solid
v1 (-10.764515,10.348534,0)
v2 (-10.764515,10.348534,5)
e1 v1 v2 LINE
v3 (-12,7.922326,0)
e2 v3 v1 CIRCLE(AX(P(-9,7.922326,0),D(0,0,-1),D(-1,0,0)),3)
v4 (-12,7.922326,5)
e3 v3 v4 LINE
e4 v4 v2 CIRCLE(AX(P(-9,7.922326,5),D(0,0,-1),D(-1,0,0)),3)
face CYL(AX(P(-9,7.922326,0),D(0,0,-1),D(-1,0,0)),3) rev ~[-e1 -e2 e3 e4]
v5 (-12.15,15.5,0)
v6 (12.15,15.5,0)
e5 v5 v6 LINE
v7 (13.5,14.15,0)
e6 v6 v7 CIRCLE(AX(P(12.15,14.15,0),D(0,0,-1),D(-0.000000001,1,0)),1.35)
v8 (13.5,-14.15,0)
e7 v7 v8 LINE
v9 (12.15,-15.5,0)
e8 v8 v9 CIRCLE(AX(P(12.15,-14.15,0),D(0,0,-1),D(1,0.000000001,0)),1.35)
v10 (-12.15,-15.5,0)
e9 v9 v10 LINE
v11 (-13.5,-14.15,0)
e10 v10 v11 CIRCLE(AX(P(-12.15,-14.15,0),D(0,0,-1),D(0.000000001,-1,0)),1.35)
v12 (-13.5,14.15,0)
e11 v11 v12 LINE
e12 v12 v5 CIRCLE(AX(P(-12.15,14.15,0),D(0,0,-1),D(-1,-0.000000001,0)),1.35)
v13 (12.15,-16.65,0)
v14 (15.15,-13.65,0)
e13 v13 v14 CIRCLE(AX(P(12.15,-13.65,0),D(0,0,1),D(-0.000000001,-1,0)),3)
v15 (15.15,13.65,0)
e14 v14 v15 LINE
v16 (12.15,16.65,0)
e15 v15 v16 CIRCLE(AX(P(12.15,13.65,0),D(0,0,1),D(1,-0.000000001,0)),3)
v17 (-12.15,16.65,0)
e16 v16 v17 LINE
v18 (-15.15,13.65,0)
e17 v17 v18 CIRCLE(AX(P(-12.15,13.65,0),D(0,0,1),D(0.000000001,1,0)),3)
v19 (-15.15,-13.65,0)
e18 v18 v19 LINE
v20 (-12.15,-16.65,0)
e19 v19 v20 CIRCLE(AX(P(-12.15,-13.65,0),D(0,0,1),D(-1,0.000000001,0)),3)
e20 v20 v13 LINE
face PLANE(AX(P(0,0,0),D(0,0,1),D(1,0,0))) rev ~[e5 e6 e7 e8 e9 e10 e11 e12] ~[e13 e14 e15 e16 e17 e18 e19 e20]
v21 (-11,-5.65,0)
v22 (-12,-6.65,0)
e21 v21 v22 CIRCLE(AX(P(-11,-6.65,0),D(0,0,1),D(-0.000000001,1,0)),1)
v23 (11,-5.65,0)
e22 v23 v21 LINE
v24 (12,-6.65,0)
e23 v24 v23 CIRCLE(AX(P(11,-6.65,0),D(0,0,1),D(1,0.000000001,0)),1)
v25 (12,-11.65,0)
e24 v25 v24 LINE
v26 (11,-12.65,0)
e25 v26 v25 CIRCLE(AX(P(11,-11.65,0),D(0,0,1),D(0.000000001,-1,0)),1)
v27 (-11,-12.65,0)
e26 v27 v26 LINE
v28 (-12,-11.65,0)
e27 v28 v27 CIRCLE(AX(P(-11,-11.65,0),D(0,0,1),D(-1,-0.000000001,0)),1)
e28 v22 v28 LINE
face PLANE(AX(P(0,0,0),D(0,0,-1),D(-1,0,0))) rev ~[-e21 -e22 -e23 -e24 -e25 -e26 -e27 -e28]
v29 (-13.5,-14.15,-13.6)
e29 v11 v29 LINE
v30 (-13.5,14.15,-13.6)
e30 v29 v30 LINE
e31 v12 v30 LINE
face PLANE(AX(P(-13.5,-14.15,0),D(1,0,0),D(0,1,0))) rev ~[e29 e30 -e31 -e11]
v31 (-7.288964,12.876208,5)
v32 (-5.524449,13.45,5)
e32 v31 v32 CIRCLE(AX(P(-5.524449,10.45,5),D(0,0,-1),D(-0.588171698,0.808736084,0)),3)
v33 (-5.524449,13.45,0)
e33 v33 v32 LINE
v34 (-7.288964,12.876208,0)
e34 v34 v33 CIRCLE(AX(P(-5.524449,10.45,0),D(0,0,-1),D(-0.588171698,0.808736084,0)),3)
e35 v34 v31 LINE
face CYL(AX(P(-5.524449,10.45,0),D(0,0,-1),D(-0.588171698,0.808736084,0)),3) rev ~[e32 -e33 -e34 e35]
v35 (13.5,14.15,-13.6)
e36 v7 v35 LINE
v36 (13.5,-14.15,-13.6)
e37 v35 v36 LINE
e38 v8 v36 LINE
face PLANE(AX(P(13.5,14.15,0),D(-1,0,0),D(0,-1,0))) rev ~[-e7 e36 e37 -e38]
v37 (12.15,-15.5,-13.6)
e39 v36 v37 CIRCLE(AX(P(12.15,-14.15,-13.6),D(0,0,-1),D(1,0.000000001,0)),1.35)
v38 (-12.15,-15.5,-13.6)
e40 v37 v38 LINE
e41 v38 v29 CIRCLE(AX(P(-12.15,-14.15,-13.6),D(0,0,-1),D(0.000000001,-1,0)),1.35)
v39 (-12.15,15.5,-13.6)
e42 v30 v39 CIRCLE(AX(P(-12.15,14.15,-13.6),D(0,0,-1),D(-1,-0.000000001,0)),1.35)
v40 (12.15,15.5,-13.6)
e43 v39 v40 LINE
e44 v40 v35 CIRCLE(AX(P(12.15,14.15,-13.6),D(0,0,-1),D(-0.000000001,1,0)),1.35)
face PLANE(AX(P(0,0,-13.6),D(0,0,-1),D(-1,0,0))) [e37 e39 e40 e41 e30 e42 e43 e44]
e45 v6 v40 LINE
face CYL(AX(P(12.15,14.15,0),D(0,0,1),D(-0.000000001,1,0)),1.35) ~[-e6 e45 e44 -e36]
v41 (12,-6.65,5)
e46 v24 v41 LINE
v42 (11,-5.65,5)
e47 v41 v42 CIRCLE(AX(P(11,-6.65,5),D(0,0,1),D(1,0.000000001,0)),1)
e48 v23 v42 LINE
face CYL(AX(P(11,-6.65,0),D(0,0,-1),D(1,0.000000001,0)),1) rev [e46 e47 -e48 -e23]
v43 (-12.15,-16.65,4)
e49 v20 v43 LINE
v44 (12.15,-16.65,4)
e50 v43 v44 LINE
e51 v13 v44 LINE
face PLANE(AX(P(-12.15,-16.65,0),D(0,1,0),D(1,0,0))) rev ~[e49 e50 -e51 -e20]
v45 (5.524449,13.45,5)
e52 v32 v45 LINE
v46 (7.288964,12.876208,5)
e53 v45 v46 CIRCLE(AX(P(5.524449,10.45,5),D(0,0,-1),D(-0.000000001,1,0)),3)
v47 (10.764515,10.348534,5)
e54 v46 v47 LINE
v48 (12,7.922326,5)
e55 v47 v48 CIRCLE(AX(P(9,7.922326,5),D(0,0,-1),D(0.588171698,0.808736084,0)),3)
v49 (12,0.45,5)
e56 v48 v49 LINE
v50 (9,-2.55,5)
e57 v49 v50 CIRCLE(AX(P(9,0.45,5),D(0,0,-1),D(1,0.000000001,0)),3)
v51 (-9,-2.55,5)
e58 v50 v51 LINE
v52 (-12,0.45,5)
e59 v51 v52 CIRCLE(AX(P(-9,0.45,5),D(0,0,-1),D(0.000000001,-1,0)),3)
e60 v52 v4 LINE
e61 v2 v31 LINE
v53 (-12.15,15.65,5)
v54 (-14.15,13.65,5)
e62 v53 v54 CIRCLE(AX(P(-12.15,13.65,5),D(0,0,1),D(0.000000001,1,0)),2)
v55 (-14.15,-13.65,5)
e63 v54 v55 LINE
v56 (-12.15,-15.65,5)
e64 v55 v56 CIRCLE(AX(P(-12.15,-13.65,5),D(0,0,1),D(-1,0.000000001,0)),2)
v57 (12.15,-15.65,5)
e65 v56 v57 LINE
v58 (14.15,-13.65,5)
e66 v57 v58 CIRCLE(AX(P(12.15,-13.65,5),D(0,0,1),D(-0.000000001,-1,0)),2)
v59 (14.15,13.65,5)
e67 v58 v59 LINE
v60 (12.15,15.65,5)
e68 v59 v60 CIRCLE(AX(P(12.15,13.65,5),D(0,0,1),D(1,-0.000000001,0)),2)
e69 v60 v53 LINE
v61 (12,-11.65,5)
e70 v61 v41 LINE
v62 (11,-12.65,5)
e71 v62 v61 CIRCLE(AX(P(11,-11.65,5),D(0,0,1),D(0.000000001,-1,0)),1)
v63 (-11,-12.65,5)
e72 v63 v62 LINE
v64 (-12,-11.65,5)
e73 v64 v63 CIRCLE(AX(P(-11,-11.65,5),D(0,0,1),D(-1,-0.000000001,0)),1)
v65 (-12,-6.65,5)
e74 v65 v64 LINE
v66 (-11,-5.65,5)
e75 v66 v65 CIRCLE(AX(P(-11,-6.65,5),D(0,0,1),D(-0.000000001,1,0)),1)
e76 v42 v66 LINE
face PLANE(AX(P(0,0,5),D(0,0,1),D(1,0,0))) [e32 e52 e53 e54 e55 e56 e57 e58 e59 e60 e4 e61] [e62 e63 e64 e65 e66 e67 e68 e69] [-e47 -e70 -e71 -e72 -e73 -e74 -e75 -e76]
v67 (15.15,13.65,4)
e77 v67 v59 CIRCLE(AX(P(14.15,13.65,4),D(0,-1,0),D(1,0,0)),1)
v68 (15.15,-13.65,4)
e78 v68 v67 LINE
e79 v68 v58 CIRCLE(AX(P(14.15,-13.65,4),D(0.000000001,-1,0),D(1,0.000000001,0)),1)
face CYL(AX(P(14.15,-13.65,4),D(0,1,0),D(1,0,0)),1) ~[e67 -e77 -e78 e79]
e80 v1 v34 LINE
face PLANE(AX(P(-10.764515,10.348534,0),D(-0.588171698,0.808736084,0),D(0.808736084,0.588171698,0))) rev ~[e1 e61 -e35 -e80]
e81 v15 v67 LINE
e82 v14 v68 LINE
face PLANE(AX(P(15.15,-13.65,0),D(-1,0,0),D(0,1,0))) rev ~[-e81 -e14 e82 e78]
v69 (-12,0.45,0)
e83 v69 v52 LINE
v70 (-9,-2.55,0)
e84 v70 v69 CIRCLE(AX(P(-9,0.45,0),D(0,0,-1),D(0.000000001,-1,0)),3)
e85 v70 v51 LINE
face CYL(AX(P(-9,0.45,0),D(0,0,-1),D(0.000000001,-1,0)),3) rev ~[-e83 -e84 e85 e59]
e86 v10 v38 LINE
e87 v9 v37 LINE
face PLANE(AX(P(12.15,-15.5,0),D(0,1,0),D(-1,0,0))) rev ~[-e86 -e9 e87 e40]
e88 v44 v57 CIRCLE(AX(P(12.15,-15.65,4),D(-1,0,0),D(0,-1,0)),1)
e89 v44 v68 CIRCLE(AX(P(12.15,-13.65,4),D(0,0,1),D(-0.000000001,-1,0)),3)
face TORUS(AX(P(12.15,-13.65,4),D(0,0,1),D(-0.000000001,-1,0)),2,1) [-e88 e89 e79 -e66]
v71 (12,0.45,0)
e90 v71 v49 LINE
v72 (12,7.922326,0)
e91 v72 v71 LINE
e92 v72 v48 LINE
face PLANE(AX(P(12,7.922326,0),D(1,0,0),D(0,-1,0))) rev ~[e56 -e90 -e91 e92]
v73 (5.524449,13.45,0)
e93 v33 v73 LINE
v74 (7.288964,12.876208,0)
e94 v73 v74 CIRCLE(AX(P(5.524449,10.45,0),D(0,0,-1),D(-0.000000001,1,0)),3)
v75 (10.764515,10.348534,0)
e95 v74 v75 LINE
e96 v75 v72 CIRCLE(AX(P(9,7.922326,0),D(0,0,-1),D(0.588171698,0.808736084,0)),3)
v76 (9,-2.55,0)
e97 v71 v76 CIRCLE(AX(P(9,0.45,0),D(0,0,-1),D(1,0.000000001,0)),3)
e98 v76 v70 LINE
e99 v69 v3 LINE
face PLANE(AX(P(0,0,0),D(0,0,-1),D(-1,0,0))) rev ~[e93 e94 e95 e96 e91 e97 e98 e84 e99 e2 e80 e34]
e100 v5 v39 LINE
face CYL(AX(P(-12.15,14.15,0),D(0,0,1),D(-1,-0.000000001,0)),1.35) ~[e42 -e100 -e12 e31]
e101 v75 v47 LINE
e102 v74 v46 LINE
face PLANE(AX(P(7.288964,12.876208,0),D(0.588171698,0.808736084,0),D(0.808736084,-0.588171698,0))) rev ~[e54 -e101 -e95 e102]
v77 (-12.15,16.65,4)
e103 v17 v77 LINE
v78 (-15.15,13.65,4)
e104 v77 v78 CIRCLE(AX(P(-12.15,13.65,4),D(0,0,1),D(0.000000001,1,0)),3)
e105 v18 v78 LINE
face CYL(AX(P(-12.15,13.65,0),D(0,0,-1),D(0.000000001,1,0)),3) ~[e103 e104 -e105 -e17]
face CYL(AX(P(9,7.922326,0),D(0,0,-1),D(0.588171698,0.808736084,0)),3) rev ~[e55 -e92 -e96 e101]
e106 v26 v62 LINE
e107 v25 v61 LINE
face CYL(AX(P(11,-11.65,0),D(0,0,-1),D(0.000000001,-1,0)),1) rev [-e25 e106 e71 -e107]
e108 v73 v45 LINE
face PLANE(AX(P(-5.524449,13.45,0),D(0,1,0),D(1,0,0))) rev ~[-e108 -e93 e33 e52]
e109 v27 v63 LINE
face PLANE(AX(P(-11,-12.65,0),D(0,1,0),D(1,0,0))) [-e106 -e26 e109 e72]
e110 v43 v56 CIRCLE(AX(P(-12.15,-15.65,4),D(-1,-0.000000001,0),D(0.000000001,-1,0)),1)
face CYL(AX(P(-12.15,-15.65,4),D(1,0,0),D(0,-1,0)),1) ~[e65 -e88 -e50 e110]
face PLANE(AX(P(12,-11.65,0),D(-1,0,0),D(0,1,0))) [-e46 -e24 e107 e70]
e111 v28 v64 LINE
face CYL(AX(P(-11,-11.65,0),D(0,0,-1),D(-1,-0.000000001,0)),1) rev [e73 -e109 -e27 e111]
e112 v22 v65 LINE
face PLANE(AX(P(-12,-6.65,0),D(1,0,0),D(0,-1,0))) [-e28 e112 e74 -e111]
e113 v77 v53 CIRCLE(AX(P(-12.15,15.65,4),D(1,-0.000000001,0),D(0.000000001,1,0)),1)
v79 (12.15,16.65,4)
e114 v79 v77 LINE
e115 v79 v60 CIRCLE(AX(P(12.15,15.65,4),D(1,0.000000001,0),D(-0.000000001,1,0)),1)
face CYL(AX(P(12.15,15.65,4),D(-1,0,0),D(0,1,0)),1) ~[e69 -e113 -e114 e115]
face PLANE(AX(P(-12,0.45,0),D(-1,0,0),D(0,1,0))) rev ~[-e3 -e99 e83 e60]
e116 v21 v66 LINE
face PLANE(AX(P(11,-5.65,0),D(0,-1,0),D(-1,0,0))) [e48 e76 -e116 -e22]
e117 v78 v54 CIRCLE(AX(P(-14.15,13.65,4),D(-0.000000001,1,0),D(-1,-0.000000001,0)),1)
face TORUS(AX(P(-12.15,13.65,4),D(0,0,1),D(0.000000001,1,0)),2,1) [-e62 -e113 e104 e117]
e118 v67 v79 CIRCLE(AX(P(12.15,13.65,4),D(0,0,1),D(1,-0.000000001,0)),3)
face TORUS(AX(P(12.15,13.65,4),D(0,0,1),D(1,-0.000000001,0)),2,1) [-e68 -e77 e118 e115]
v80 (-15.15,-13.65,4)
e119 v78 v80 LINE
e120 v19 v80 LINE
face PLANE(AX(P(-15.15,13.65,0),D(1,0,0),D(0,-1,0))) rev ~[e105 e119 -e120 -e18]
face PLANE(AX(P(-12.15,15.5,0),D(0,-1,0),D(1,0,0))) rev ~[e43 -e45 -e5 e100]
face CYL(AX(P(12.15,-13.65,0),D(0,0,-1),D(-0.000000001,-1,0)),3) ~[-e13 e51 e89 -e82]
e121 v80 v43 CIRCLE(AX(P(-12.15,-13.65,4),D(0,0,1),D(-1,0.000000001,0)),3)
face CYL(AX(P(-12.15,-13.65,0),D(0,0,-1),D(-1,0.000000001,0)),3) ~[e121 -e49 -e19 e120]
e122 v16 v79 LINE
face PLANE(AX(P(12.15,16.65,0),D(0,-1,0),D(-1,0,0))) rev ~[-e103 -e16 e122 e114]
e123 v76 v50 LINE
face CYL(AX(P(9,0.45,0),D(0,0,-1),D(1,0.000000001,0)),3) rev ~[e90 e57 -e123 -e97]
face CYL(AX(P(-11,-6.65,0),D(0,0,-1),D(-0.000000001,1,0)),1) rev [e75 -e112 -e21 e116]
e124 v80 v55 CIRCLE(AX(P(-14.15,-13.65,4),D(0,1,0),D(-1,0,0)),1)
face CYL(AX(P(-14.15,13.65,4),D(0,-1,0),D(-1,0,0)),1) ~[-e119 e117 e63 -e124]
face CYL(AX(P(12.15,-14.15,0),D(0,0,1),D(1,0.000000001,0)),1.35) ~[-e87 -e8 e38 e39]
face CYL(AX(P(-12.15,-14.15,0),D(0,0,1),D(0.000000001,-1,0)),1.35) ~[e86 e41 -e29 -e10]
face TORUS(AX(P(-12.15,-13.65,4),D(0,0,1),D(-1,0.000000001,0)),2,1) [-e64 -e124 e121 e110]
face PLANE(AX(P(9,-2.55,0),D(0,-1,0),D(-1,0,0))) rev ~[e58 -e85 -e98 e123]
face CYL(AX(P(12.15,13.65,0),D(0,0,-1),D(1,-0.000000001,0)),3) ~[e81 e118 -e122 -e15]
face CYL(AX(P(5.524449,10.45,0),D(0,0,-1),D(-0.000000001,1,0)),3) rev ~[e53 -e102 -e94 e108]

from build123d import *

# Parameters (mm, degrees)
BOSS_EXTRUDE1_DEPTH = 5
FILLET3_R           = 1
BOSS_EXTRUDE2_DEPTH = 13.6


with BuildPart() as part:
    # Sketch1 → Boss-Extrude1 (new body)
    with BuildSketch(Plane.XY):
        with BuildLine():
            Line((-12.15, -16.65), (12.15, -16.65))
            ThreePointArc((12.15, -16.65), (14.271320344, -15.771320344), (15.15, -13.65))
            Line((15.15, -13.65), (15.15, 13.65))
            ThreePointArc((15.15, 13.65), (14.271320344, 15.771320344), (12.15, 16.65))
            Line((12.15, 16.65), (-12.15, 16.65))
            ThreePointArc((-12.15, 16.65), (-14.271320344, 15.771320344), (-15.15, 13.65))
            Line((-15.15, 13.65), (-15.15, -13.65))
            ThreePointArc((-15.15, -13.65), (-14.271320344, -15.771320344), (-12.15, -16.65))
        make_face()
        with BuildLine():
            Line((-5.524448559, 13.45), (5.524448559, 13.45))
            ThreePointArc((5.524448559, 13.45), (6.452181075, 13.302948016), (7.288963652, 12.876208253))
            Line((7.288963652, 12.876208253), (10.764515093, 10.348534478))
            ThreePointArc((10.764515093, 10.348534478), (11.673344841, 9.28365916), (12, 7.922326225))
            Line((12, 7.922326225), (12, 0.45))
            ThreePointArc((12, 0.45), (11.121320344, -1.671320344), (9, -2.55))
            Line((9, -2.55), (-9, -2.55))
            ThreePointArc((-9, -2.55), (-11.121320344, -1.671320344), (-12, 0.45))
            Line((-12, 0.45), (-12, 7.922326225))
            ThreePointArc((-12, 7.922326225), (-11.673344841, 9.28365916), (-10.764515093, 10.348534478))
            Line((-10.764515093, 10.348534478), (-7.288963652, 12.876208253))
            ThreePointArc((-7.288963652, 12.876208253), (-6.452181075, 13.302948016), (-5.524448559, 13.45))
        make_face(mode=Mode.SUBTRACT)
        with BuildLine():
            Line((-12, -6.65), (-12, -11.65))
            ThreePointArc((-12, -11.65), (-11.707106781, -12.357106781), (-11, -12.65))
            Line((-11, -12.65), (11, -12.65))
            ThreePointArc((11, -12.65), (11.707106781, -12.357106781), (12, -11.65))
            Line((12, -11.65), (12, -6.65))
            ThreePointArc((12, -6.65), (11.707106781, -5.942893219), (11, -5.65))
            Line((11, -5.65), (-11, -5.65))
            ThreePointArc((-11, -5.65), (-11.707106781, -5.942893219), (-12, -6.65))
        make_face(mode=Mode.SUBTRACT)
    extrude(amount=BOSS_EXTRUDE1_DEPTH)

    # Fillet3
    fillet3_edges = [part.edges().sort_by_distance(p)[0] for p in [
        (-14.271320344, 15.771320344, 5),
        (-15.15, 0, 5),
        (-14.271320344, -15.771320344, 5),
        (0, -16.65, 5),
        (14.271320344, -15.771320344, 5),
        (15.15, 0, 5),
        (14.271320344, 15.771320344, 5),
        (0, 16.65, 5),
    ]]
    fillet(fillet3_edges, radius=FILLET3_R)

    # Sketch3 → Boss-Extrude2 (add)
    with BuildSketch(Plane(origin=(0, 0, 0), x_dir=(-1, 0, 0), z_dir=(0, 0, -1))):
        with BuildLine():
            Line((-13.5, 14.15), (-13.5, -14.15))
            ThreePointArc((-13.5, -14.15), (-13.104594155, -15.104594155), (-12.15, -15.5))
            Line((-12.15, -15.5), (12.15, -15.5))
            ThreePointArc((12.15, -15.5), (13.104594155, -15.104594155), (13.5, -14.15))
            Line((13.5, -14.15), (13.5, 14.15))
            ThreePointArc((13.5, 14.15), (13.104594155, 15.104594155), (12.15, 15.5))
            Line((12.15, 15.5), (-12.15, 15.5))
            ThreePointArc((-12.15, 15.5), (-13.104594155, 15.104594155), (-13.5, 14.15))
        make_face()
    extrude(amount=BOSS_EXTRUDE2_DEPTH)


solid = part.part
